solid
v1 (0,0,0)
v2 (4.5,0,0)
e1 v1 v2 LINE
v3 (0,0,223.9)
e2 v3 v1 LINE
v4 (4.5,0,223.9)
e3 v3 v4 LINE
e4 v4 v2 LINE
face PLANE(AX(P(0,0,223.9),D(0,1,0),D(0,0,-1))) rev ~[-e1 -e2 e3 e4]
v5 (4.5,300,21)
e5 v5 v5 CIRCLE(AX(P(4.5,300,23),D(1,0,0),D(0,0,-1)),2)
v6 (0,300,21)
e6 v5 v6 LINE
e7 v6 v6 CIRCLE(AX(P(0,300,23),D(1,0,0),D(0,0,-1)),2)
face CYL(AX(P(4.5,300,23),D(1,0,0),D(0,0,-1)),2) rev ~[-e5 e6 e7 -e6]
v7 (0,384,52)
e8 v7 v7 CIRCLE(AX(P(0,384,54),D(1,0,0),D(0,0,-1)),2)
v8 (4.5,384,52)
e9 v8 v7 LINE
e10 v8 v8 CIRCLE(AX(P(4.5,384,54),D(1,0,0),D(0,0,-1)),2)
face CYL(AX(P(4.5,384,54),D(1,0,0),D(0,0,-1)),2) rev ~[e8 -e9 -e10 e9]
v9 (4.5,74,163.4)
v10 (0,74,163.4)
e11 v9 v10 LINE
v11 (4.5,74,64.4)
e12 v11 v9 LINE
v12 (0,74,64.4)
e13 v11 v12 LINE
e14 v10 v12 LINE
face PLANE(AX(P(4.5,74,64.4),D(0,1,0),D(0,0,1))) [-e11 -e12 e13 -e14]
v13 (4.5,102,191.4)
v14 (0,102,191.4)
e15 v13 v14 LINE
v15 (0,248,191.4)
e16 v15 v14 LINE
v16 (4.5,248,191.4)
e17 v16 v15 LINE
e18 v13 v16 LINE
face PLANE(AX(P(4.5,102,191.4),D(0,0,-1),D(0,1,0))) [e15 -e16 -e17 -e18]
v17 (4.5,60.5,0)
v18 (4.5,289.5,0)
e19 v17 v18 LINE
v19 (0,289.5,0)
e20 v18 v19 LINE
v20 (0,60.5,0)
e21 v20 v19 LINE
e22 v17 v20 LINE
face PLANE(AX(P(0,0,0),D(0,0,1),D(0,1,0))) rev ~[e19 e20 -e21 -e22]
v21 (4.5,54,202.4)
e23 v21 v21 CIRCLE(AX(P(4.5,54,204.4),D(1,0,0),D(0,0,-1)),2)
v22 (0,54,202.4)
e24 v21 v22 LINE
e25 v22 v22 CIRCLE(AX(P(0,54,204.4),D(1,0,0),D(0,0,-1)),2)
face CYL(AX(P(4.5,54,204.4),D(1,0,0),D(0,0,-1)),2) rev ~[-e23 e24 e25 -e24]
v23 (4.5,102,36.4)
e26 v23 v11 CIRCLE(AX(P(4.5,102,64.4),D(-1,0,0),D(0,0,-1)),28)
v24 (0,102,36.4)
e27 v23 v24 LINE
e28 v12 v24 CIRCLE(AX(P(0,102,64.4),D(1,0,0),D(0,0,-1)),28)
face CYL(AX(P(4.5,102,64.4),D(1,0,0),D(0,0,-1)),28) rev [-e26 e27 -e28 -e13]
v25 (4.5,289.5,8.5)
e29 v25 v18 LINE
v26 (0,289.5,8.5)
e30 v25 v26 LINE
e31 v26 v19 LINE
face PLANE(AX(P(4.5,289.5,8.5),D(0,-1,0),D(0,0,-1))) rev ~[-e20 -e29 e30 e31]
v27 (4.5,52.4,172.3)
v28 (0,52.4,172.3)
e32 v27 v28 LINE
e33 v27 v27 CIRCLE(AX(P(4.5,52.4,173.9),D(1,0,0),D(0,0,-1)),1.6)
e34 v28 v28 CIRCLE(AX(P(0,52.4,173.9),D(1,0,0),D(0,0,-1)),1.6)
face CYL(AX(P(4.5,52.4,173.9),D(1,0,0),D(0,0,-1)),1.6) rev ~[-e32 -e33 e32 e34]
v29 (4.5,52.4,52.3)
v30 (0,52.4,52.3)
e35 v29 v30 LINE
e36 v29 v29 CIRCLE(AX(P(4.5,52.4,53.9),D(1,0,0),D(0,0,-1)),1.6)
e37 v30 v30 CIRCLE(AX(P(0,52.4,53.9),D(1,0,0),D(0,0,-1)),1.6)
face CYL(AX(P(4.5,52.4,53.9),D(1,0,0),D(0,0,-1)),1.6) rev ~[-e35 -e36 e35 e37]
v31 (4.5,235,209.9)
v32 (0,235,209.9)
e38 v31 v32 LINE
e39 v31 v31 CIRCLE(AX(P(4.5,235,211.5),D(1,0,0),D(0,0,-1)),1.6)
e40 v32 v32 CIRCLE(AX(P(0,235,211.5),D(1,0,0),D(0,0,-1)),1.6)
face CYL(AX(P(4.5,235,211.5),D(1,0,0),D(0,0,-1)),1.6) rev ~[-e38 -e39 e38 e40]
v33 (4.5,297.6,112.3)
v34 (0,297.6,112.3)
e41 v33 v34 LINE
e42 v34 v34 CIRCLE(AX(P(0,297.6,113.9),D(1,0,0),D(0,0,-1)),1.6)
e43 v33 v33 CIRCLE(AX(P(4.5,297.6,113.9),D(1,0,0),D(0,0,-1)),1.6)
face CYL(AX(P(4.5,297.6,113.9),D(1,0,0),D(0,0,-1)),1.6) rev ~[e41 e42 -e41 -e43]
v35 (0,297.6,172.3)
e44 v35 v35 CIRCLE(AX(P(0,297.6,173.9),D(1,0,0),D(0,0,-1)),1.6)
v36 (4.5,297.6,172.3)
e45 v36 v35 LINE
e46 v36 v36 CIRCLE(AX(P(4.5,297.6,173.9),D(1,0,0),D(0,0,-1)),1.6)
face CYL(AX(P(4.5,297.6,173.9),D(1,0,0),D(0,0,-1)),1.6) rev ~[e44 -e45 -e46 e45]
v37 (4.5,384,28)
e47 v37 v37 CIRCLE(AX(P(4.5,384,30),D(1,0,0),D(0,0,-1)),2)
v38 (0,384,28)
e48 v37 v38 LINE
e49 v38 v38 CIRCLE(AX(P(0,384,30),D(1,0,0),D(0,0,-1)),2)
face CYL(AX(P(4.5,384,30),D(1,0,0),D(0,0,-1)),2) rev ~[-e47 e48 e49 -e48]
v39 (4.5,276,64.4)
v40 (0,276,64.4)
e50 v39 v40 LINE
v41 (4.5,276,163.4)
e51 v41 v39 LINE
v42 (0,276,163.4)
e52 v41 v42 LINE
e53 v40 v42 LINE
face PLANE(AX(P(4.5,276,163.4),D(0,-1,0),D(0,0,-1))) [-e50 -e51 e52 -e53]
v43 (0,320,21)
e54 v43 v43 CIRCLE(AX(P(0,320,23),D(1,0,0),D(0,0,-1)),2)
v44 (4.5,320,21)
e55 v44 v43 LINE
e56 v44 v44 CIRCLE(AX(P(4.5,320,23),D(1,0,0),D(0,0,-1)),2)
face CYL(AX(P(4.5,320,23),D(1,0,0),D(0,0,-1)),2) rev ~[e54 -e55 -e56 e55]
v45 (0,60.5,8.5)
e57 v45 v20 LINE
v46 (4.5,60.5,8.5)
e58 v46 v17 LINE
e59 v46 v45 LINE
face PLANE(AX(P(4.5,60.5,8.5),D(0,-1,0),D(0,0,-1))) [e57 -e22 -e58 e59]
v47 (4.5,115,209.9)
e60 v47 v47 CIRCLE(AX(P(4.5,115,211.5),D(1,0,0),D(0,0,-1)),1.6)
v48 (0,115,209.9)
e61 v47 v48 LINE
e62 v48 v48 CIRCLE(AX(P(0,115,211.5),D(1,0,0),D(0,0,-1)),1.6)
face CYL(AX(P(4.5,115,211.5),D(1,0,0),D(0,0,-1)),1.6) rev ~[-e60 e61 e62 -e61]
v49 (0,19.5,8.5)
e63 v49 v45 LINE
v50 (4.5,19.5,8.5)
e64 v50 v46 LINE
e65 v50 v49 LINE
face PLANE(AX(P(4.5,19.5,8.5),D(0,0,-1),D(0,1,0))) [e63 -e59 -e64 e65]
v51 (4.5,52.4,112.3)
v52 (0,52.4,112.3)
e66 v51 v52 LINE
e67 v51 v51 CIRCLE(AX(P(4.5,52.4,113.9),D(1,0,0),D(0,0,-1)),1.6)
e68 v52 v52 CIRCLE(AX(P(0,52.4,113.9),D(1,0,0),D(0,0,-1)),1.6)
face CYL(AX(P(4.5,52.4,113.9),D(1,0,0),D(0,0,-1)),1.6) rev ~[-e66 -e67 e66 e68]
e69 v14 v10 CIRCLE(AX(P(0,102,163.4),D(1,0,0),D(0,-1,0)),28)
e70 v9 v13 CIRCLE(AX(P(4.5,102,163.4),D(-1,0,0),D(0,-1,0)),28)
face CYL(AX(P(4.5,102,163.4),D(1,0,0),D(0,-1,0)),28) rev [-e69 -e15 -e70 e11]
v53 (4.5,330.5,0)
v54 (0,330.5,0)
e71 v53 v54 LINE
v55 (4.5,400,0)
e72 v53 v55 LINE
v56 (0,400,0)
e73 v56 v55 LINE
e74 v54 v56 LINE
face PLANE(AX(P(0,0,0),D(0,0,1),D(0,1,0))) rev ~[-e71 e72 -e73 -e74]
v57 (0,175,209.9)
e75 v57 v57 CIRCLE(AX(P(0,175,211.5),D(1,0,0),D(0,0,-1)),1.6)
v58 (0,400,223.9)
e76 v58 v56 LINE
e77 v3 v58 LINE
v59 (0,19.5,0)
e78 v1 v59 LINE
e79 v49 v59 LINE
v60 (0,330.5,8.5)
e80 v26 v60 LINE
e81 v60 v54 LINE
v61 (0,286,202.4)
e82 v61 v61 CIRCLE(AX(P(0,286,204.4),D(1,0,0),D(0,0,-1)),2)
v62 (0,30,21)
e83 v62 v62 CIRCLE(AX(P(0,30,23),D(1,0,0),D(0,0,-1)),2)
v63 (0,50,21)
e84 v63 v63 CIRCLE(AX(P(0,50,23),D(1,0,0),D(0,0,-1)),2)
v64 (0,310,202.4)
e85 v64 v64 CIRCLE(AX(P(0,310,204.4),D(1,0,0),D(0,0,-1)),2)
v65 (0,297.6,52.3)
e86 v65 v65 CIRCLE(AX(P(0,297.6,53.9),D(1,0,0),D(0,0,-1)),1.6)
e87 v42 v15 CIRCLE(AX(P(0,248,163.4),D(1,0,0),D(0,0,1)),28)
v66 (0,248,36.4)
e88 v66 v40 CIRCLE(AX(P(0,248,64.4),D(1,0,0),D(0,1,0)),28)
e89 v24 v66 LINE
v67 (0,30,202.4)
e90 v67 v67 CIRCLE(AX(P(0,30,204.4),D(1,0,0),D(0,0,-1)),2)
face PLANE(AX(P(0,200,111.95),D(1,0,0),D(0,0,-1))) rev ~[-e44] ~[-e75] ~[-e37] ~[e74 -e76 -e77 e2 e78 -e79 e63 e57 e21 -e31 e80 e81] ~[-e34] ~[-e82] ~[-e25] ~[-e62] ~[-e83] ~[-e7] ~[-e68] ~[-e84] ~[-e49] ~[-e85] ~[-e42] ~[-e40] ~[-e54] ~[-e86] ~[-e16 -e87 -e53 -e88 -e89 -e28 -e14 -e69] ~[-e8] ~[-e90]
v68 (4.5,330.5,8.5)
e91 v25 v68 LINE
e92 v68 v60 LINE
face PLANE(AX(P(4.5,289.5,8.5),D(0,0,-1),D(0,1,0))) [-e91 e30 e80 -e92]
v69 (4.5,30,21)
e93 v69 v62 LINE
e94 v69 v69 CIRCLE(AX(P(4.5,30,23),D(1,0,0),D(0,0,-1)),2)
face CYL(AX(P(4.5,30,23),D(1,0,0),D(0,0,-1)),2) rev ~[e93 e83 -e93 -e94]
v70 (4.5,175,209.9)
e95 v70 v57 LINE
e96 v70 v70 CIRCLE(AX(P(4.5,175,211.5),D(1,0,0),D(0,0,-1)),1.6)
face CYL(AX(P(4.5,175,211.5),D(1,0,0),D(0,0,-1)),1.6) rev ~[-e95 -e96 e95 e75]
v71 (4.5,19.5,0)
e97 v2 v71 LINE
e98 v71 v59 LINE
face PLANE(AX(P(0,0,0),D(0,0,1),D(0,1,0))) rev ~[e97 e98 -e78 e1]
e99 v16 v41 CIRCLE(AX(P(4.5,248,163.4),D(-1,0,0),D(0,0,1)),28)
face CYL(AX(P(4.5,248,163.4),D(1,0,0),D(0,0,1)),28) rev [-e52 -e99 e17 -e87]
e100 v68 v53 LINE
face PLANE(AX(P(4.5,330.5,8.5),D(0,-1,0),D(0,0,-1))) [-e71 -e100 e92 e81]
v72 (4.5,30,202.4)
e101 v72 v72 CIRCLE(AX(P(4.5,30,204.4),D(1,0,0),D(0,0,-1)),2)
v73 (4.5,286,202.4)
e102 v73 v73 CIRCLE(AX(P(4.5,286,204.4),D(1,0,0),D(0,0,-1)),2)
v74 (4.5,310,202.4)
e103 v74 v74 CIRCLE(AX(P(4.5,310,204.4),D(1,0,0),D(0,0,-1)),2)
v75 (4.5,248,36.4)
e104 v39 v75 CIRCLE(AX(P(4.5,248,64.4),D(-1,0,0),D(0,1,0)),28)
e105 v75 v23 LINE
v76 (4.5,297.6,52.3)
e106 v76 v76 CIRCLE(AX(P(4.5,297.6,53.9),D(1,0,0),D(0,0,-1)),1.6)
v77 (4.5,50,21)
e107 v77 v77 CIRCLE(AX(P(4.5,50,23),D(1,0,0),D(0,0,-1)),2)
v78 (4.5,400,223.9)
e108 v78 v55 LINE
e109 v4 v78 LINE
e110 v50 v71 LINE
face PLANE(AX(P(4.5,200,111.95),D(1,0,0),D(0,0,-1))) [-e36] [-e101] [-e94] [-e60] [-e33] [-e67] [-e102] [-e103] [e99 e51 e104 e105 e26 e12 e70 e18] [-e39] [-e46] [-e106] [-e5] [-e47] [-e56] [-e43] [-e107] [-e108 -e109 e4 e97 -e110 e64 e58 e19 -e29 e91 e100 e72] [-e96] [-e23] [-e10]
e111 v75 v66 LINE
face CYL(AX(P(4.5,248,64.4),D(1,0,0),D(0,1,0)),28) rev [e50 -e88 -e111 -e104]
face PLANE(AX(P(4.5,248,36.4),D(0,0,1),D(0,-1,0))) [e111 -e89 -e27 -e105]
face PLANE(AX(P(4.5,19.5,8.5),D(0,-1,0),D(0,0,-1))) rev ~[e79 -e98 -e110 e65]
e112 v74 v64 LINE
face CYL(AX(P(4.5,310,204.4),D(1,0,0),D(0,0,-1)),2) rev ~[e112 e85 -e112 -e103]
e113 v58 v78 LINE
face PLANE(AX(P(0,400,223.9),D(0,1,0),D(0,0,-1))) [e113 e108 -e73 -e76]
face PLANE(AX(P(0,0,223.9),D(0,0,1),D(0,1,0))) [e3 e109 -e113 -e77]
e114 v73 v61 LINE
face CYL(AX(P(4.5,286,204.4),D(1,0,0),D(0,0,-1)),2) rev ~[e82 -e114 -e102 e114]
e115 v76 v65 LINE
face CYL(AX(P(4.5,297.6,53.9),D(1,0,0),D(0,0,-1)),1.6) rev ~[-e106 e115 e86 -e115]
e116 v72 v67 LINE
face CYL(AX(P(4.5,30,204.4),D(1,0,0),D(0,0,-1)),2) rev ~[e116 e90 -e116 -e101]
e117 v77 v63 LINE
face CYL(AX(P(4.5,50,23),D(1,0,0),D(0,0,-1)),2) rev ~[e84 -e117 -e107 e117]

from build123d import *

# Parameters (mm, degrees)
SKETCH_1_W          = 223.9
SKETCH_1_H          = 400
EXTRUDE_1_DEPTH     = 4.5
SKETCH_2_R          = 2
SKETCH_2_W          = 8.5
SKETCH_2_H          = 41
CUT_EXTRUDE_1_DEPTH = 10
CUT_EXTRUDE_2_REACH = 460.423
SKETCH_3_R          = 1.6


with BuildPart() as part:
    # 草图1 → 凸台-拉伸1 (new body)
    with BuildSketch(Plane(origin=(0, 0, 0), x_dir=(0, 0, -1), z_dir=(1, 0, 0))):
        with Locations((-111.95, 200)):
            Rectangle(SKETCH_1_W, SKETCH_1_H)
    extrude(amount=EXTRUDE_1_DEPTH)

    # 草图2 → 切除-拉伸1 (cut)
    with BuildSketch(Plane(origin=(4.5, 0, 0), x_dir=(0, 0, -1), z_dir=(1, 0, 0))):
        with Locations((-204.4, 310)):
            Circle(SKETCH_2_R)
        with Locations((-204.4, 286)):
            Circle(SKETCH_2_R)
        with Locations((-204.4, 54)):
            Circle(SKETCH_2_R)
        with Locations((-204.4, 30)):
            Circle(SKETCH_2_R)
        with Locations((-54, 384)):
            Circle(SKETCH_2_R)
        with Locations((-30, 384)):
            Circle(SKETCH_2_R)
        with Locations((-23, 320)):
            Circle(SKETCH_2_R)
        with Locations((-23, 300)):
            Circle(SKETCH_2_R)
        with Locations((-23, 50)):
            Circle(SKETCH_2_R)
        with Locations((-23, 30)):
            Circle(SKETCH_2_R)
        with Locations((-4.25, 310)):
            Rectangle(SKETCH_2_W, SKETCH_2_H)
        with Locations((-4.25, 40)):
            Rectangle(SKETCH_2_W, SKETCH_2_H)
    extrude(amount=-CUT_EXTRUDE_1_DEPTH, mode=Mode.SUBTRACT)

    # 草图3 → 切除-拉伸2 (cut, up to next)
    with BuildSketch(Plane(origin=(4.5, 0, 0), x_dir=(0, 0, -1), z_dir=(1, 0, 0)), mode=Mode.PRIVATE) as cut_extrude_2_sk1:
        with Locations((-211.5, 175)):
            Circle(SKETCH_3_R)
    cut_extrude_2_tool1 = extrude(cut_extrude_2_sk1.sketch, amount=-CUT_EXTRUDE_2_REACH, mode=Mode.PRIVATE) & part.part
    # 草图3 → 切除-拉伸2 (cut, up to next)
    with BuildSketch(Plane(origin=(4.5, 0, 0), x_dir=(0, 0, -1), z_dir=(1, 0, 0)), mode=Mode.PRIVATE) as cut_extrude_2_sk2:
        with Locations((-211.5, 235)):
            Circle(SKETCH_3_R)
    cut_extrude_2_tool2 = extrude(cut_extrude_2_sk2.sketch, amount=-CUT_EXTRUDE_2_REACH, mode=Mode.PRIVATE) & part.part
    # 草图3 → 切除-拉伸2 (cut, up to next)
    with BuildSketch(Plane(origin=(4.5, 0, 0), x_dir=(0, 0, -1), z_dir=(1, 0, 0)), mode=Mode.PRIVATE) as cut_extrude_2_sk3:
        with Locations((-211.5, 115)):
            Circle(SKETCH_3_R)
    cut_extrude_2_tool3 = extrude(cut_extrude_2_sk3.sketch, amount=-CUT_EXTRUDE_2_REACH, mode=Mode.PRIVATE) & part.part
    # 草图3 → 切除-拉伸2 (cut, up to next)
    with BuildSketch(Plane(origin=(4.5, 0, 0), x_dir=(0, 0, -1), z_dir=(1, 0, 0)), mode=Mode.PRIVATE) as cut_extrude_2_sk4:
        with Locations((-173.9, 297.6)):
            Circle(SKETCH_3_R)
    cut_extrude_2_tool4 = extrude(cut_extrude_2_sk4.sketch, amount=-CUT_EXTRUDE_2_REACH, mode=Mode.PRIVATE) & part.part
    # 草图3 → 切除-拉伸2 (cut, up to next)
    with BuildSketch(Plane(origin=(4.5, 0, 0), x_dir=(0, 0, -1), z_dir=(1, 0, 0)), mode=Mode.PRIVATE) as cut_extrude_2_sk5:
        with Locations((-53.9, 297.6)):
            Circle(SKETCH_3_R)
    cut_extrude_2_tool5 = extrude(cut_extrude_2_sk5.sketch, amount=-CUT_EXTRUDE_2_REACH, mode=Mode.PRIVATE) & part.part
    # 草图3 → 切除-拉伸2 (cut, up to next)
    with BuildSketch(Plane(origin=(4.5, 0, 0), x_dir=(0, 0, -1), z_dir=(1, 0, 0)), mode=Mode.PRIVATE) as cut_extrude_2_sk6:
        with Locations((-53.9, 52.4)):
            Circle(SKETCH_3_R)
    cut_extrude_2_tool6 = extrude(cut_extrude_2_sk6.sketch, amount=-CUT_EXTRUDE_2_REACH, mode=Mode.PRIVATE) & part.part
    # 草图3 → 切除-拉伸2 (cut, up to next)
    with BuildSketch(Plane(origin=(4.5, 0, 0), x_dir=(0, 0, -1), z_dir=(1, 0, 0)), mode=Mode.PRIVATE) as cut_extrude_2_sk7:
        with Locations((-173.9, 52.4)):
            Circle(SKETCH_3_R)
    cut_extrude_2_tool7 = extrude(cut_extrude_2_sk7.sketch, amount=-CUT_EXTRUDE_2_REACH, mode=Mode.PRIVATE) & part.part
    # 草图3 → 切除-拉伸2 (cut, up to next)
    with BuildSketch(Plane(origin=(4.5, 0, 0), x_dir=(0, 0, -1), z_dir=(1, 0, 0)), mode=Mode.PRIVATE) as cut_extrude_2_sk8:
        with Locations((-113.9, 297.6)):
            Circle(SKETCH_3_R)
    cut_extrude_2_tool8 = extrude(cut_extrude_2_sk8.sketch, amount=-CUT_EXTRUDE_2_REACH, mode=Mode.PRIVATE) & part.part
    # 草图3 → 切除-拉伸2 (cut, up to next)
    with BuildSketch(Plane(origin=(4.5, 0, 0), x_dir=(0, 0, -1), z_dir=(1, 0, 0)), mode=Mode.PRIVATE) as cut_extrude_2_sk9:
        with Locations((-113.9, 52.4)):
            Circle(SKETCH_3_R)
    cut_extrude_2_tool9 = extrude(cut_extrude_2_sk9.sketch, amount=-CUT_EXTRUDE_2_REACH, mode=Mode.PRIVATE) & part.part
    # 草图3 → 切除-拉伸2 (cut, up to next)
    with BuildSketch(Plane(origin=(4.5, 0, 0), x_dir=(0, 0, -1), z_dir=(1, 0, 0)), mode=Mode.PRIVATE) as cut_extrude_2_sk10:
        with BuildLine():
            Line((-64.4, 74), (-163.4, 74))
            ThreePointArc((-163.4, 74), (-183.198989873, 82.201010127), (-191.4, 102))
            Line((-191.4, 102), (-191.4, 248))
            ThreePointArc((-191.4, 248), (-183.198989873, 267.798989873), (-163.4, 276))
            Line((-163.4, 276), (-64.4, 276))
            ThreePointArc((-64.4, 276), (-44.601010127, 267.798989873), (-36.4, 248))
            Line((-36.4, 248), (-36.4, 102))
            ThreePointArc((-36.4, 102), (-44.601010127, 82.201010127), (-64.4, 74))
        make_face()
    cut_extrude_2_tool10 = extrude(cut_extrude_2_sk10.sketch, amount=-CUT_EXTRUDE_2_REACH, mode=Mode.PRIVATE) & part.part
    add(cut_extrude_2_tool1.solids().sort_by_distance((4.5, 175, 211.5))[0], mode=Mode.SUBTRACT)
    add(cut_extrude_2_tool2.solids().sort_by_distance((4.5, 235, 211.5))[0], mode=Mode.SUBTRACT)
    add(cut_extrude_2_tool3.solids().sort_by_distance((4.5, 115, 211.5))[0], mode=Mode.SUBTRACT)
    add(cut_extrude_2_tool4.solids().sort_by_distance((4.5, 297.6, 173.9))[0], mode=Mode.SUBTRACT)
    add(cut_extrude_2_tool5.solids().sort_by_distance((4.5, 297.6, 53.9))[0], mode=Mode.SUBTRACT)
    add(cut_extrude_2_tool6.solids().sort_by_distance((4.5, 52.4, 53.9))[0], mode=Mode.SUBTRACT)
    add(cut_extrude_2_tool7.solids().sort_by_distance((4.5, 52.4, 173.9))[0], mode=Mode.SUBTRACT)
    add(cut_extrude_2_tool8.solids().sort_by_distance((4.5, 297.6, 113.9))[0], mode=Mode.SUBTRACT)
    add(cut_extrude_2_tool9.solids().sort_by_distance((4.5, 52.4, 113.9))[0], mode=Mode.SUBTRACT)
    add(cut_extrude_2_tool10.solids().sort_by_distance((4.5, 175, 113.9))[0], mode=Mode.SUBTRACT)


solid = part.part
